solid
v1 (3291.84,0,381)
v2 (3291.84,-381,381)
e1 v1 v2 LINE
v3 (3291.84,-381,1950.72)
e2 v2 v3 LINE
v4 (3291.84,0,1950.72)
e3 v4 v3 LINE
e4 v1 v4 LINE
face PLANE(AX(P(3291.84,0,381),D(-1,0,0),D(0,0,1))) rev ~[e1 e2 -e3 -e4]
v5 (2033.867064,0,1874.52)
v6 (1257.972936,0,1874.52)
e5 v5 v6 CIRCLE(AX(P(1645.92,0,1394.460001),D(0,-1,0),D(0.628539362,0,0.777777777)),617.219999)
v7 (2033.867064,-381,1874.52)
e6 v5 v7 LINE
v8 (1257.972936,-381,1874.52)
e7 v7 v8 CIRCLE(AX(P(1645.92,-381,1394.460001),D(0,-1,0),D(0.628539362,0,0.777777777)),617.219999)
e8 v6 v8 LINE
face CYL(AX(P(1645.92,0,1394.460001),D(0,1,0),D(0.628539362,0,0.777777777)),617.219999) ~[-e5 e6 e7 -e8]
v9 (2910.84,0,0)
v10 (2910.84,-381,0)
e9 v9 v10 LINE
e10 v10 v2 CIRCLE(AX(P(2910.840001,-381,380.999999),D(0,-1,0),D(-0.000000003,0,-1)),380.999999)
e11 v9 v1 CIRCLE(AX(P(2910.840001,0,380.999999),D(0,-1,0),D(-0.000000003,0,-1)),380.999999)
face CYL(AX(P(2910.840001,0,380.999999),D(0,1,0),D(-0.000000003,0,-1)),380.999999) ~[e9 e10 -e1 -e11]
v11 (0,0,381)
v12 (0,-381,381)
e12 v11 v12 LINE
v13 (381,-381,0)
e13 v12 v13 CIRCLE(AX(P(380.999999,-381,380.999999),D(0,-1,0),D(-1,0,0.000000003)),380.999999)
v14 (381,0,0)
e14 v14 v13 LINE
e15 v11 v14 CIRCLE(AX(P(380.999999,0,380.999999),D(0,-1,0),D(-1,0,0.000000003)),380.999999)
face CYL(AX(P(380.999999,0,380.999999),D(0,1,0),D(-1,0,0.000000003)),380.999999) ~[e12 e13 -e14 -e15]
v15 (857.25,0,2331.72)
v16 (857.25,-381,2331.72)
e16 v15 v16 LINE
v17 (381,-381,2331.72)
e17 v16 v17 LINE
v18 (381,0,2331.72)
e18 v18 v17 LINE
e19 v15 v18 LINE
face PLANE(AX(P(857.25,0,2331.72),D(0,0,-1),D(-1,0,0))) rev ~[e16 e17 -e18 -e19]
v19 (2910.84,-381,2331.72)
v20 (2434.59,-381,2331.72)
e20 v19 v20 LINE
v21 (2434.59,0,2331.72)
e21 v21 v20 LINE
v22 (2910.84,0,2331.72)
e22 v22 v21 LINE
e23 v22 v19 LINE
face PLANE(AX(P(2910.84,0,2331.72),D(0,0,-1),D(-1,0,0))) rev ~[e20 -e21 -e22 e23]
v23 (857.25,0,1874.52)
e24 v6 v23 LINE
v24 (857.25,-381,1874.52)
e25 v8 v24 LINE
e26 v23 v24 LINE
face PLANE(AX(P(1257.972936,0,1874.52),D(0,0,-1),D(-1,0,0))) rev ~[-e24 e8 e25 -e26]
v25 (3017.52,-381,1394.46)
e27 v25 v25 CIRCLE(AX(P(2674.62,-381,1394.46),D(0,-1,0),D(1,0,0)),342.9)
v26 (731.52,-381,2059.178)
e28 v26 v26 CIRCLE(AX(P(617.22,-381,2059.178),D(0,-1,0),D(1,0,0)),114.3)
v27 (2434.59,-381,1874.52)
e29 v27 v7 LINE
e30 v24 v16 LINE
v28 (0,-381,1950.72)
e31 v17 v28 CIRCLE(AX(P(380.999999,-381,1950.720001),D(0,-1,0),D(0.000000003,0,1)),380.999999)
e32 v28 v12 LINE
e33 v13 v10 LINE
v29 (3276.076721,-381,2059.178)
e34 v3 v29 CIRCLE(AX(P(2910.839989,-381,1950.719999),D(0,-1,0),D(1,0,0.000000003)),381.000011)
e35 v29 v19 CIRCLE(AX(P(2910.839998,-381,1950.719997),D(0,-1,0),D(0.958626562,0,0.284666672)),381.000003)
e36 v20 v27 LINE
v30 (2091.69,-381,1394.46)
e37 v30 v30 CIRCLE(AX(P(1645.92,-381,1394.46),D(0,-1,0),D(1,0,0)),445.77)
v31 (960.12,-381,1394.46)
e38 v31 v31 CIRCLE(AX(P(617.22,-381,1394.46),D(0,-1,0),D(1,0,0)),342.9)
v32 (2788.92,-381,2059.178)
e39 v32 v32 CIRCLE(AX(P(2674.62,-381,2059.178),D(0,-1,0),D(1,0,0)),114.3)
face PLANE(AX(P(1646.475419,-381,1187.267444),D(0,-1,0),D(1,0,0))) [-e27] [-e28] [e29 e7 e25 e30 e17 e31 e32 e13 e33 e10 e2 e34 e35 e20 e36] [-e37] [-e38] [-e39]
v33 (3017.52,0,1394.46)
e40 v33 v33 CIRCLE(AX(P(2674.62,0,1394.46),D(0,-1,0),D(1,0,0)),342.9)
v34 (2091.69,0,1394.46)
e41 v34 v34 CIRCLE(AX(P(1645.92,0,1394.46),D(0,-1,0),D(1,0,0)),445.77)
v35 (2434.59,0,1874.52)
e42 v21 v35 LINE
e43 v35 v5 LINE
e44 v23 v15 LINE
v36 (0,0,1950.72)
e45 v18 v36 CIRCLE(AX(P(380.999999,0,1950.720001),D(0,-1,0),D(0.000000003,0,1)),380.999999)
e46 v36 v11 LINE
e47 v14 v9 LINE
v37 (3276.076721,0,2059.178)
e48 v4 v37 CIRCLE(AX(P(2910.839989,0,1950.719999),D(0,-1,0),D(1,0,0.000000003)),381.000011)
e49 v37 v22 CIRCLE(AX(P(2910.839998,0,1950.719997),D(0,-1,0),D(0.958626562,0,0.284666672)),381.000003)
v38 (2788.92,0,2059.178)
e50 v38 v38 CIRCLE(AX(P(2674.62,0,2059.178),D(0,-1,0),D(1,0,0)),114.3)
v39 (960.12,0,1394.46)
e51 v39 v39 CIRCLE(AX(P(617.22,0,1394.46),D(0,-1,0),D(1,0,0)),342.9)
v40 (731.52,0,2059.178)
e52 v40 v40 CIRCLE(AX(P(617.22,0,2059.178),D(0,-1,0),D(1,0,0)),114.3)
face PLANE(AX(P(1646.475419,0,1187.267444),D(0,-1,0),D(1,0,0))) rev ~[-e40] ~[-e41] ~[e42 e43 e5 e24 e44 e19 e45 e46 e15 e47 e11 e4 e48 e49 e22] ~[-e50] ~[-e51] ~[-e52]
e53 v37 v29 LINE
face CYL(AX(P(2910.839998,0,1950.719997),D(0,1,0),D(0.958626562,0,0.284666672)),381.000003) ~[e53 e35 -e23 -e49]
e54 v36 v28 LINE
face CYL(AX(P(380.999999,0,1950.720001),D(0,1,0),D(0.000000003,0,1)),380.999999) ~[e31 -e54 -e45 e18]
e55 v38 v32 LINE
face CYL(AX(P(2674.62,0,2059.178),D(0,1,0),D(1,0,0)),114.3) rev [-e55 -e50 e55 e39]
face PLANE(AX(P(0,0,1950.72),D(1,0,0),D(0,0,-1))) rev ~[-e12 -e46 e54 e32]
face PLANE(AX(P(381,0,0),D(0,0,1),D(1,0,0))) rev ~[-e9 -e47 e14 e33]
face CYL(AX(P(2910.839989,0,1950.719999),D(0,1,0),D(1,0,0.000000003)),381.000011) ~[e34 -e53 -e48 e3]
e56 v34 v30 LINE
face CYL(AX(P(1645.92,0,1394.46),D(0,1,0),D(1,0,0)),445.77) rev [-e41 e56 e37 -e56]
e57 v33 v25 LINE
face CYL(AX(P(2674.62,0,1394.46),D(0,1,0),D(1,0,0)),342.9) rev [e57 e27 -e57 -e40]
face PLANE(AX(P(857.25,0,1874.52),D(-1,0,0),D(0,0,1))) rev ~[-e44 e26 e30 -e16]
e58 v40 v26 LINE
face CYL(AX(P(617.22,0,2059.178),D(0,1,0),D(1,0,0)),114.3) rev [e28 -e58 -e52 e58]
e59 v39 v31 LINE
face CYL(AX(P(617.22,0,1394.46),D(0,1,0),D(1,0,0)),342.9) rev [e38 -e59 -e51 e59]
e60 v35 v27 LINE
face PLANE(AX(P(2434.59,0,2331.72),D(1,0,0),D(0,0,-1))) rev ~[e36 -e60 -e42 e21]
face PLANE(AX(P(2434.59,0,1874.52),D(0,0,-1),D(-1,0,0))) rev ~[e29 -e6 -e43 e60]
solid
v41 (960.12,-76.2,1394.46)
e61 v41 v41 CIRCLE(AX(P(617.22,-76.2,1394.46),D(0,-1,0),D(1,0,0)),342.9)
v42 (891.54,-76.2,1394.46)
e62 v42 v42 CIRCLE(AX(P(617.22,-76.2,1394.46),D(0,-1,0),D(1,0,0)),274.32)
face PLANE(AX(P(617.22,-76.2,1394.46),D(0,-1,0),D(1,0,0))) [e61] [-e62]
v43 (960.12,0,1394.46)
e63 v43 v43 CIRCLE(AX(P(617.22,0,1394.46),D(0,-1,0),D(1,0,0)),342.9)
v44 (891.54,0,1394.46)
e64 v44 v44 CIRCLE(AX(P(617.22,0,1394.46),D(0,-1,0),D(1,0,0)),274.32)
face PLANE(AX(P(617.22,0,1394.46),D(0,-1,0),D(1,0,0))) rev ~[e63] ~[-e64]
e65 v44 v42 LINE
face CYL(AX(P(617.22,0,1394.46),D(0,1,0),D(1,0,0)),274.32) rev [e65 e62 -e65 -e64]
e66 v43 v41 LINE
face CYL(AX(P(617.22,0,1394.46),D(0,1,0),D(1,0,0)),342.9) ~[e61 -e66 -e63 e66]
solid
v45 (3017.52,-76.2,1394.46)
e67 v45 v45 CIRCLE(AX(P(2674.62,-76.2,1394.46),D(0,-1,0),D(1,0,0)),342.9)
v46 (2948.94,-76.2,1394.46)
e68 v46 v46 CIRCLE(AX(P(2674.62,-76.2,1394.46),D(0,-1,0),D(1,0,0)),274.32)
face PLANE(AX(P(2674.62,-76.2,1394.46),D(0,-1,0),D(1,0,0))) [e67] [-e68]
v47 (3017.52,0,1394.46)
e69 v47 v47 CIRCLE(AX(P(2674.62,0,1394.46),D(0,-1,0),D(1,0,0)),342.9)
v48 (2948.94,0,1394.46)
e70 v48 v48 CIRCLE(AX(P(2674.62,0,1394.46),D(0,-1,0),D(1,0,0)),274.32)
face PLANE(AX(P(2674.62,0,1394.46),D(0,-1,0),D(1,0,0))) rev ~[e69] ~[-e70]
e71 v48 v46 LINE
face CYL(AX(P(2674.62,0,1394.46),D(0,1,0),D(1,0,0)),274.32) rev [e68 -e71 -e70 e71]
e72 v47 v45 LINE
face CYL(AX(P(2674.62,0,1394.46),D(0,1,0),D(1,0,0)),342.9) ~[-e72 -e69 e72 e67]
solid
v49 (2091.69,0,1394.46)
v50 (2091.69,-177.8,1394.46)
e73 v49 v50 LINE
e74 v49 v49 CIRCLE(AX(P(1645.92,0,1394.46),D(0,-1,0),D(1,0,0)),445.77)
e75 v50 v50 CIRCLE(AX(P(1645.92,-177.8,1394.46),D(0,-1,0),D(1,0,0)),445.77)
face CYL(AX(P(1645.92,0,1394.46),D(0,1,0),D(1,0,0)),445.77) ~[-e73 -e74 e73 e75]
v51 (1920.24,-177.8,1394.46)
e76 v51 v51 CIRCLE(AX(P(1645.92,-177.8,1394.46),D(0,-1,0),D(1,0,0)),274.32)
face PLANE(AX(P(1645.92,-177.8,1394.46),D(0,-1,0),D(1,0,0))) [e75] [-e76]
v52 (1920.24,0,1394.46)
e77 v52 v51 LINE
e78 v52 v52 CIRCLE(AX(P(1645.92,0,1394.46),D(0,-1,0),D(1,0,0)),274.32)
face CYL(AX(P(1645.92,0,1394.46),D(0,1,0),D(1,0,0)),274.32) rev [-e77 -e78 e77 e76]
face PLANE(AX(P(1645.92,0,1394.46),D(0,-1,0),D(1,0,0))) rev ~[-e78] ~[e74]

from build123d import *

# Parameters (mm, degrees)
F0_R     = 342.9
F0_R_2   = 274.32
F1_DEPTH = 76.2
F0_R_3   = 445.77
F2_DEPTH = 177.8
F0_R_4   = 114.3
F3_DEPTH = 381


with BuildPart() as f1:
    # F0 (on Front) → F1 (new body)
    with BuildSketch(Plane.XZ):
        with Locations((617.22, 1394.46)):
            Circle(F0_R)
        with Locations((617.22, 1394.46)):
            Circle(F0_R_2, mode=Mode.SUBTRACT)
        with Locations((2674.62, 1394.46)):
            Circle(F0_R)
        with Locations((2674.62, 1394.46)):
            Circle(F0_R_2, mode=Mode.SUBTRACT)
    extrude(amount=F1_DEPTH)


with BuildPart() as f2:
    # F0 (on Front) → F2 (new body)
    with BuildSketch(Plane.XZ):
        with Locations((1645.92, 1394.46)):
            Circle(F0_R_3)
        with Locations((1645.92, 1394.46)):
            Circle(F0_R_2, mode=Mode.SUBTRACT)
    extrude(amount=F2_DEPTH)


with BuildPart() as f3:
    # F0 (on Front) → F3 (new body)
    with BuildSketch(Plane.XZ):
        with BuildLine():
            Line((0, 1394.46), (0, 381))
            ThreePointArc((0, 381), (111.592316, 111.592316), (381, 0))
            Line((381, 0), (2910.84, 0))
            ThreePointArc((2910.84, 0), (3180.247684, 111.592316), (3291.84, 381))
            Line((3291.84, 381), (3291.84, 1950.72))
            ThreePointArc((3291.84, 1950.72), (3287.878586, 2005.518765), (3276.076721, 2059.178))
            ThreePointArc((3276.076721, 2059.178), (3138.697962, 2256.075119), (2910.84, 2331.72))
            Line((2910.84, 2331.72), (2674.62, 2331.72))
            Line((2674.62, 2331.72), (2434.59, 2331.72))
            Line((2434.59, 2331.72), (2434.59, 1874.52))
            Line((2434.59, 1874.52), (2033.867064, 1874.52))
            ThreePointArc((2033.867064, 1874.52), (1645.92, 2011.68), (1257.972936, 1874.52))
            Line((1257.972936, 1874.52), (857.25, 1874.52))
            Line((857.25, 1874.52), (857.25, 2331.72))
            Line((857.25, 2331.72), (617.22, 2331.72))
            Line((617.22, 2331.72), (381, 2331.72))
            ThreePointArc((381, 2331.72), (111.592316, 2220.127684), (0, 1950.72))
            Line((0, 1950.72), (0, 1394.46))
        make_face()
        with Locations((617.22, 1394.46)):
            Circle(F0_R, mode=Mode.SUBTRACT)
        with Locations((617.22, 2059.178)):
            Circle(F0_R_4, mode=Mode.SUBTRACT)
        with Locations((1645.92, 1394.46)):
            Circle(F0_R_3, mode=Mode.SUBTRACT)
        with Locations((2674.62, 1394.46)):
            Circle(F0_R, mode=Mode.SUBTRACT)
        with Locations((2674.62, 2059.178)):
            Circle(F0_R_4, mode=Mode.SUBTRACT)
    extrude(amount=F3_DEPTH)


solid = Compound([f1.part, f2.part, f3.part])
